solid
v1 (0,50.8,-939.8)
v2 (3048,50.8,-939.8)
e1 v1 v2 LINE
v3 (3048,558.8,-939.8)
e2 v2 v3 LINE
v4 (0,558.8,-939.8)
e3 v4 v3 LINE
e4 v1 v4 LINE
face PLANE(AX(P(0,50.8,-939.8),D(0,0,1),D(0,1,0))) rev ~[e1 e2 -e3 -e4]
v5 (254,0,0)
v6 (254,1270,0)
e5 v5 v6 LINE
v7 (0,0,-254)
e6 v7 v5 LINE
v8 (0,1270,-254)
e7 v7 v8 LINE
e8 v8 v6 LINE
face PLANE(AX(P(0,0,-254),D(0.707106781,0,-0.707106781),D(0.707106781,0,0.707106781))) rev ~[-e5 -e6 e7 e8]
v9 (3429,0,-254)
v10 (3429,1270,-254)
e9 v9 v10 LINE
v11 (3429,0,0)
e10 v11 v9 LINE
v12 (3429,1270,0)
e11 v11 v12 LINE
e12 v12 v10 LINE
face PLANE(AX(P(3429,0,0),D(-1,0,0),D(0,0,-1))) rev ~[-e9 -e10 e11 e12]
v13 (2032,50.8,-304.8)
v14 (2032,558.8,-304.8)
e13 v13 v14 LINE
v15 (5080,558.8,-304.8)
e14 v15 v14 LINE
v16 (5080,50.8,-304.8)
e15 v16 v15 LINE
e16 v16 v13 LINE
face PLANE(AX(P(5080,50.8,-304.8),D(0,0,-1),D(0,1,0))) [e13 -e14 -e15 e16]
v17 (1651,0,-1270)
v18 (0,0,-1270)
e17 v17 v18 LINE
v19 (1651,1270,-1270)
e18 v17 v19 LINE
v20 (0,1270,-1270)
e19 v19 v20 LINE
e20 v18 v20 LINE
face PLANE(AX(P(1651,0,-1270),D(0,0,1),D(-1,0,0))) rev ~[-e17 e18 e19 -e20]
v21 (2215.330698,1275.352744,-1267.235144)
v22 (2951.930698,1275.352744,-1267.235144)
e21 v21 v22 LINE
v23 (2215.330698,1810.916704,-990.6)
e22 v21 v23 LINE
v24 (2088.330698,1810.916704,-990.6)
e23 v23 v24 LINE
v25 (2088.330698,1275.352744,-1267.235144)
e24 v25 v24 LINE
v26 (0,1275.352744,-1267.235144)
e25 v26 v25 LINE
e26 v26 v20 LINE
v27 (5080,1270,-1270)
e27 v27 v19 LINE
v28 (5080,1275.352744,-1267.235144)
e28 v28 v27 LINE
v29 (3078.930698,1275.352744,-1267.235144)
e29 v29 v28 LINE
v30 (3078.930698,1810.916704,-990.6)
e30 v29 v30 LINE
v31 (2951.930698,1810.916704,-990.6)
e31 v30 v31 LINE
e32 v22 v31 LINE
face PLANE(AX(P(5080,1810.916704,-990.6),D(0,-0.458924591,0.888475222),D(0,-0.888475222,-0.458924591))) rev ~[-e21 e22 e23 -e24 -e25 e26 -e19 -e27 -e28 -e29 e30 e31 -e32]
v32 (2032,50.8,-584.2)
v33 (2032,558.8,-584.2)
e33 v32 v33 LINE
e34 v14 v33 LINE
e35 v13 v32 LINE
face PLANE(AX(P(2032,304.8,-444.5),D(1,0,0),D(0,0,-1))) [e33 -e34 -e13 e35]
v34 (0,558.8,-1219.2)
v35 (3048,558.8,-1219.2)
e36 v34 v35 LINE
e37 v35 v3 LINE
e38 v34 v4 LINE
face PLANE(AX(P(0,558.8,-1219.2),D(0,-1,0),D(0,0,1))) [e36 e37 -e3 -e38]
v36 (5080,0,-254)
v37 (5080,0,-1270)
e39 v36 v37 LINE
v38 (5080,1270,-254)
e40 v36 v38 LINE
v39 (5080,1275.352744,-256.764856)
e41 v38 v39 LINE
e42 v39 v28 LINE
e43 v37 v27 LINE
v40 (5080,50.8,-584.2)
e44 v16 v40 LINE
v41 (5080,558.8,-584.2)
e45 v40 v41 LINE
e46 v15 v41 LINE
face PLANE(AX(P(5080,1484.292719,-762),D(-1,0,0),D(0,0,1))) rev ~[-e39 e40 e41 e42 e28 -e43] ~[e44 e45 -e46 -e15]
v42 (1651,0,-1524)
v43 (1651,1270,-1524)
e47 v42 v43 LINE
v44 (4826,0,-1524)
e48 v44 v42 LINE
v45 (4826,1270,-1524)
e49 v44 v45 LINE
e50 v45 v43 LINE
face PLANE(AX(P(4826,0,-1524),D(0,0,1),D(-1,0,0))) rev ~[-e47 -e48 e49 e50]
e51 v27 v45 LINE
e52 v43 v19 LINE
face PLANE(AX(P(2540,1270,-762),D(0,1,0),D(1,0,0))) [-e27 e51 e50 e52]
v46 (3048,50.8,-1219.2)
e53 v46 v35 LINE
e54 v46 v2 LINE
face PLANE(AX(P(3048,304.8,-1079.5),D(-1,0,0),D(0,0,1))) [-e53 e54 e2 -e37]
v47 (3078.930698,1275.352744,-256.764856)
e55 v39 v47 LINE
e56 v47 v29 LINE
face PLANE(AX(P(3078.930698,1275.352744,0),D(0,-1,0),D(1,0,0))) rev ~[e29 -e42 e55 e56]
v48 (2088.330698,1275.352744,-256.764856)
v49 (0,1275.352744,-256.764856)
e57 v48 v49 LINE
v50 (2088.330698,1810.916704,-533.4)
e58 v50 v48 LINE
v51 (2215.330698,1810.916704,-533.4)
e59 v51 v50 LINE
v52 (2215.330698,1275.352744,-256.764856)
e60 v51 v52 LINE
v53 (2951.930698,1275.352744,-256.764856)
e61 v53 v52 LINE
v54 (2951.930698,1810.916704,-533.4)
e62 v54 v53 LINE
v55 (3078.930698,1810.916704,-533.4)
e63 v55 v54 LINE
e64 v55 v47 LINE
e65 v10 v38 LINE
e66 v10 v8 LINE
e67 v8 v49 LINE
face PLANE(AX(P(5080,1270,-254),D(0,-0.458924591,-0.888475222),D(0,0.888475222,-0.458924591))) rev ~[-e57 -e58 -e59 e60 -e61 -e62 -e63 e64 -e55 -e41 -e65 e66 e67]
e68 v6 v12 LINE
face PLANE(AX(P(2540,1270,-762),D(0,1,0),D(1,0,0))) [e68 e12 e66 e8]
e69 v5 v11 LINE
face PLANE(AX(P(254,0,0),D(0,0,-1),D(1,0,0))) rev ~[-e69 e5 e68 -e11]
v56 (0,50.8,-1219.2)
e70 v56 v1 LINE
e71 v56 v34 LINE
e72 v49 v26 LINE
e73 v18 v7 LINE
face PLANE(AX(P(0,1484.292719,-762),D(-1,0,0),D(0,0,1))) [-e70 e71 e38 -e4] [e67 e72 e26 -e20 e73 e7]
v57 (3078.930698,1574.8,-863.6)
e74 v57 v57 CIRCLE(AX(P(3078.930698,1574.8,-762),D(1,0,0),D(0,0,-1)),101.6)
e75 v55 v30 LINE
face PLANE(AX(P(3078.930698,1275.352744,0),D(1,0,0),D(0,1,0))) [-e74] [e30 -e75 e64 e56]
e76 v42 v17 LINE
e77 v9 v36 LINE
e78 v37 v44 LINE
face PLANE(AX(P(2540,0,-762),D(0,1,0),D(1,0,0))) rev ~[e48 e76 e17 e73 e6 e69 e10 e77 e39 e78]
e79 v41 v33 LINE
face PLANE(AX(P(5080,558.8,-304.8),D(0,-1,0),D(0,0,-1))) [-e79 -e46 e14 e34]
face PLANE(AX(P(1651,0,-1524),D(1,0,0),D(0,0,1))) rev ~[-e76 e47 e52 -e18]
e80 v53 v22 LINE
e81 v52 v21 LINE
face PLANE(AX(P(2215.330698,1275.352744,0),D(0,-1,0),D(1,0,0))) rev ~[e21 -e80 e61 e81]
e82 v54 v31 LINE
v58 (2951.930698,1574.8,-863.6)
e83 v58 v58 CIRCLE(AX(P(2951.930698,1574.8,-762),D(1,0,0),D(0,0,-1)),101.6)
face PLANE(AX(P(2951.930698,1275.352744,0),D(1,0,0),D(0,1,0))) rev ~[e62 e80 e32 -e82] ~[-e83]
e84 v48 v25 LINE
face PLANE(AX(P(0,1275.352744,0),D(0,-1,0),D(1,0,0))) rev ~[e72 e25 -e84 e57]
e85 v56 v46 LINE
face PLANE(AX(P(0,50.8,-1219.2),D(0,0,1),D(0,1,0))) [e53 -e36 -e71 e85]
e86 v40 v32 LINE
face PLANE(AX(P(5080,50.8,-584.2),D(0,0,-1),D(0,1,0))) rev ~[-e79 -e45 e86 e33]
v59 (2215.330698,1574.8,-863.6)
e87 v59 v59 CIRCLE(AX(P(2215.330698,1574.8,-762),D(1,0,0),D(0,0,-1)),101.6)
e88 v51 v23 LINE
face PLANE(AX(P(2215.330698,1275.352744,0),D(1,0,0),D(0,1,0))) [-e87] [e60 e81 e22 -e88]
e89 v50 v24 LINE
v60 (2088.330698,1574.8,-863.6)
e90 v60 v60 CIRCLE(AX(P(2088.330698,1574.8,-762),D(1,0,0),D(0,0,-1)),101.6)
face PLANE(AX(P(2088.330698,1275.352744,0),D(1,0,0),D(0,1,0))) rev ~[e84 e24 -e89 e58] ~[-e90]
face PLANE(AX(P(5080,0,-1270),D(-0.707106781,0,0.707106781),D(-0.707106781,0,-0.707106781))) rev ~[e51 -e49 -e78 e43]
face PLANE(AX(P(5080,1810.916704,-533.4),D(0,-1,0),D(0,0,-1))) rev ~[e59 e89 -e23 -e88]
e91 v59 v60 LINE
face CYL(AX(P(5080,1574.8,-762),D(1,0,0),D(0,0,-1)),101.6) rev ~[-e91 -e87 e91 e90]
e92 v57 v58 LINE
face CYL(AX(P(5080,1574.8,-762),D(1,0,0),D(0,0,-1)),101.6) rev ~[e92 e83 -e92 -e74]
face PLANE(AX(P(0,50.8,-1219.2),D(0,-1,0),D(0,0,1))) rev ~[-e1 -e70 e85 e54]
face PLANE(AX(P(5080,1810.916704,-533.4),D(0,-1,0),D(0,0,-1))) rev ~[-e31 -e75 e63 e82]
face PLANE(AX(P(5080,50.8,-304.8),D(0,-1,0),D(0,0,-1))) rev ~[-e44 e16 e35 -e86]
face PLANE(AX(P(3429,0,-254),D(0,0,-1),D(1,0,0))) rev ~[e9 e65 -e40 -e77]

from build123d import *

# Parameters (mm, degrees)
BOSS_EXTRUDE1_DEPTH = 1270
SKETCH2_W           = 279.4
SKETCH2_H           = 508
CUT_EXTRUDE1_DEPTH  = 3048
SKETCH4_W           = 279.4
SKETCH4_H           = 508
CUT_EXTRUDE2_DEPTH  = 3048
SKETCH5_R           = 101.6
BOSS_EXTRUDE2_DEPTH = 5080
CUT_EXTRUDE3_REACH  = 5606.319
SKETCH6_W           = 2088.330697782
SKETCH6_H           = 535.563960187
SKETCH6_W_2         = 2001.069302218
SKETCH6_W_3         = 736.6


with BuildPart() as part:
    # Sketch1 → Boss-Extrude1 (new body)
    with BuildSketch(Plane(origin=(0, 0, 0), x_dir=(1, 0, 0), z_dir=(0, 1, 0))):
        Polygon((0, 254), (254, 0), (3429, 0), (3429, 254), (5080, 254), (5080, 1270), (4826, 1524), (1651, 1524), (1651, 1270), (0, 1270), align=None)
    extrude(amount=BOSS_EXTRUDE1_DEPTH)

    # Sketch2 → Cut-Extrude1 (cut)
    with BuildSketch(Plane(origin=(5080, 0, 0), x_dir=(0, 0, -1), z_dir=(1, 0, 0))):
        with Locations((444.5, 304.8)):
            Rectangle(SKETCH2_W, SKETCH2_H)
    extrude(amount=-CUT_EXTRUDE1_DEPTH, mode=Mode.SUBTRACT)

    # Sketch4 → Cut-Extrude2 (cut)
    with BuildSketch(Plane.ZY):
        with Locations((-1079.5, 304.8)):
            Rectangle(SKETCH4_W, SKETCH4_H)
    extrude(amount=-CUT_EXTRUDE2_DEPTH, mode=Mode.SUBTRACT)

    # Sketch5 → Boss-Extrude2 (add, through all)
    with BuildSketch(Plane(origin=(5080, 0, 0), x_dir=(0, 0, -1), z_dir=(1, 0, 0))):
        Polygon((254, 1270), (533.4, 1810.916704273), (990.6, 1810.916704273), (1270, 1270), align=None)
        with Locations((762, 1574.8)):
            Circle(SKETCH5_R, mode=Mode.SUBTRACT)
    extrude(amount=-BOSS_EXTRUDE2_DEPTH)

    # Cut-Extrude3: up to this plane
    cut_extrude3_end = Plane(origin=(0, 1270, -1270), z_dir=(0, 0.45892459056390483, -0.888475222038157))
    # Sketch6 → Cut-Extrude3 (cut, up to the surface)
    with BuildSketch(Plane.XY, mode=Mode.PRIVATE) as cut_extrude3_sk1:
        with Locations((1044.165348891, 1543.13472418)):
            Rectangle(SKETCH6_W, SKETCH6_H)
    cut_extrude3_tool1 = split(extrude(cut_extrude3_sk1.sketch, amount=-CUT_EXTRUDE3_REACH, mode=Mode.PRIVATE), bisect_by=cut_extrude3_end, keep=Keep.BOTH, mode=Mode.PRIVATE)
    add(cut_extrude3_tool1.solids().sort_by_distance((1044.165349, 1543.134724, 0))[0], mode=Mode.SUBTRACT)
    # Sketch6 → Cut-Extrude3 (cut, up to the surface)
    with BuildSketch(Plane.XY, mode=Mode.PRIVATE) as cut_extrude3_sk2:
        with Locations((4079.465348891, 1543.13472418)):
            Rectangle(SKETCH6_W_2, SKETCH6_H)
    cut_extrude3_tool2 = split(extrude(cut_extrude3_sk2.sketch, amount=-CUT_EXTRUDE3_REACH, mode=Mode.PRIVATE), bisect_by=cut_extrude3_end, keep=Keep.BOTH, mode=Mode.PRIVATE)
    add(cut_extrude3_tool2.solids().sort_by_distance((4079.465349, 1543.134724, 0))[0], mode=Mode.SUBTRACT)
    # Sketch6 → Cut-Extrude3 (cut, up to the surface)
    with BuildSketch(Plane.XY, mode=Mode.PRIVATE) as cut_extrude3_sk3:
        with Locations((2583.630697782, 1543.13472418)):
            Rectangle(SKETCH6_W_3, SKETCH6_H)
    cut_extrude3_tool3 = split(extrude(cut_extrude3_sk3.sketch, amount=-CUT_EXTRUDE3_REACH, mode=Mode.PRIVATE), bisect_by=cut_extrude3_end, keep=Keep.BOTH, mode=Mode.PRIVATE)
    add(cut_extrude3_tool3.solids().sort_by_distance((2583.630698, 1543.134724, 0))[0], mode=Mode.SUBTRACT)


solid = part.part
